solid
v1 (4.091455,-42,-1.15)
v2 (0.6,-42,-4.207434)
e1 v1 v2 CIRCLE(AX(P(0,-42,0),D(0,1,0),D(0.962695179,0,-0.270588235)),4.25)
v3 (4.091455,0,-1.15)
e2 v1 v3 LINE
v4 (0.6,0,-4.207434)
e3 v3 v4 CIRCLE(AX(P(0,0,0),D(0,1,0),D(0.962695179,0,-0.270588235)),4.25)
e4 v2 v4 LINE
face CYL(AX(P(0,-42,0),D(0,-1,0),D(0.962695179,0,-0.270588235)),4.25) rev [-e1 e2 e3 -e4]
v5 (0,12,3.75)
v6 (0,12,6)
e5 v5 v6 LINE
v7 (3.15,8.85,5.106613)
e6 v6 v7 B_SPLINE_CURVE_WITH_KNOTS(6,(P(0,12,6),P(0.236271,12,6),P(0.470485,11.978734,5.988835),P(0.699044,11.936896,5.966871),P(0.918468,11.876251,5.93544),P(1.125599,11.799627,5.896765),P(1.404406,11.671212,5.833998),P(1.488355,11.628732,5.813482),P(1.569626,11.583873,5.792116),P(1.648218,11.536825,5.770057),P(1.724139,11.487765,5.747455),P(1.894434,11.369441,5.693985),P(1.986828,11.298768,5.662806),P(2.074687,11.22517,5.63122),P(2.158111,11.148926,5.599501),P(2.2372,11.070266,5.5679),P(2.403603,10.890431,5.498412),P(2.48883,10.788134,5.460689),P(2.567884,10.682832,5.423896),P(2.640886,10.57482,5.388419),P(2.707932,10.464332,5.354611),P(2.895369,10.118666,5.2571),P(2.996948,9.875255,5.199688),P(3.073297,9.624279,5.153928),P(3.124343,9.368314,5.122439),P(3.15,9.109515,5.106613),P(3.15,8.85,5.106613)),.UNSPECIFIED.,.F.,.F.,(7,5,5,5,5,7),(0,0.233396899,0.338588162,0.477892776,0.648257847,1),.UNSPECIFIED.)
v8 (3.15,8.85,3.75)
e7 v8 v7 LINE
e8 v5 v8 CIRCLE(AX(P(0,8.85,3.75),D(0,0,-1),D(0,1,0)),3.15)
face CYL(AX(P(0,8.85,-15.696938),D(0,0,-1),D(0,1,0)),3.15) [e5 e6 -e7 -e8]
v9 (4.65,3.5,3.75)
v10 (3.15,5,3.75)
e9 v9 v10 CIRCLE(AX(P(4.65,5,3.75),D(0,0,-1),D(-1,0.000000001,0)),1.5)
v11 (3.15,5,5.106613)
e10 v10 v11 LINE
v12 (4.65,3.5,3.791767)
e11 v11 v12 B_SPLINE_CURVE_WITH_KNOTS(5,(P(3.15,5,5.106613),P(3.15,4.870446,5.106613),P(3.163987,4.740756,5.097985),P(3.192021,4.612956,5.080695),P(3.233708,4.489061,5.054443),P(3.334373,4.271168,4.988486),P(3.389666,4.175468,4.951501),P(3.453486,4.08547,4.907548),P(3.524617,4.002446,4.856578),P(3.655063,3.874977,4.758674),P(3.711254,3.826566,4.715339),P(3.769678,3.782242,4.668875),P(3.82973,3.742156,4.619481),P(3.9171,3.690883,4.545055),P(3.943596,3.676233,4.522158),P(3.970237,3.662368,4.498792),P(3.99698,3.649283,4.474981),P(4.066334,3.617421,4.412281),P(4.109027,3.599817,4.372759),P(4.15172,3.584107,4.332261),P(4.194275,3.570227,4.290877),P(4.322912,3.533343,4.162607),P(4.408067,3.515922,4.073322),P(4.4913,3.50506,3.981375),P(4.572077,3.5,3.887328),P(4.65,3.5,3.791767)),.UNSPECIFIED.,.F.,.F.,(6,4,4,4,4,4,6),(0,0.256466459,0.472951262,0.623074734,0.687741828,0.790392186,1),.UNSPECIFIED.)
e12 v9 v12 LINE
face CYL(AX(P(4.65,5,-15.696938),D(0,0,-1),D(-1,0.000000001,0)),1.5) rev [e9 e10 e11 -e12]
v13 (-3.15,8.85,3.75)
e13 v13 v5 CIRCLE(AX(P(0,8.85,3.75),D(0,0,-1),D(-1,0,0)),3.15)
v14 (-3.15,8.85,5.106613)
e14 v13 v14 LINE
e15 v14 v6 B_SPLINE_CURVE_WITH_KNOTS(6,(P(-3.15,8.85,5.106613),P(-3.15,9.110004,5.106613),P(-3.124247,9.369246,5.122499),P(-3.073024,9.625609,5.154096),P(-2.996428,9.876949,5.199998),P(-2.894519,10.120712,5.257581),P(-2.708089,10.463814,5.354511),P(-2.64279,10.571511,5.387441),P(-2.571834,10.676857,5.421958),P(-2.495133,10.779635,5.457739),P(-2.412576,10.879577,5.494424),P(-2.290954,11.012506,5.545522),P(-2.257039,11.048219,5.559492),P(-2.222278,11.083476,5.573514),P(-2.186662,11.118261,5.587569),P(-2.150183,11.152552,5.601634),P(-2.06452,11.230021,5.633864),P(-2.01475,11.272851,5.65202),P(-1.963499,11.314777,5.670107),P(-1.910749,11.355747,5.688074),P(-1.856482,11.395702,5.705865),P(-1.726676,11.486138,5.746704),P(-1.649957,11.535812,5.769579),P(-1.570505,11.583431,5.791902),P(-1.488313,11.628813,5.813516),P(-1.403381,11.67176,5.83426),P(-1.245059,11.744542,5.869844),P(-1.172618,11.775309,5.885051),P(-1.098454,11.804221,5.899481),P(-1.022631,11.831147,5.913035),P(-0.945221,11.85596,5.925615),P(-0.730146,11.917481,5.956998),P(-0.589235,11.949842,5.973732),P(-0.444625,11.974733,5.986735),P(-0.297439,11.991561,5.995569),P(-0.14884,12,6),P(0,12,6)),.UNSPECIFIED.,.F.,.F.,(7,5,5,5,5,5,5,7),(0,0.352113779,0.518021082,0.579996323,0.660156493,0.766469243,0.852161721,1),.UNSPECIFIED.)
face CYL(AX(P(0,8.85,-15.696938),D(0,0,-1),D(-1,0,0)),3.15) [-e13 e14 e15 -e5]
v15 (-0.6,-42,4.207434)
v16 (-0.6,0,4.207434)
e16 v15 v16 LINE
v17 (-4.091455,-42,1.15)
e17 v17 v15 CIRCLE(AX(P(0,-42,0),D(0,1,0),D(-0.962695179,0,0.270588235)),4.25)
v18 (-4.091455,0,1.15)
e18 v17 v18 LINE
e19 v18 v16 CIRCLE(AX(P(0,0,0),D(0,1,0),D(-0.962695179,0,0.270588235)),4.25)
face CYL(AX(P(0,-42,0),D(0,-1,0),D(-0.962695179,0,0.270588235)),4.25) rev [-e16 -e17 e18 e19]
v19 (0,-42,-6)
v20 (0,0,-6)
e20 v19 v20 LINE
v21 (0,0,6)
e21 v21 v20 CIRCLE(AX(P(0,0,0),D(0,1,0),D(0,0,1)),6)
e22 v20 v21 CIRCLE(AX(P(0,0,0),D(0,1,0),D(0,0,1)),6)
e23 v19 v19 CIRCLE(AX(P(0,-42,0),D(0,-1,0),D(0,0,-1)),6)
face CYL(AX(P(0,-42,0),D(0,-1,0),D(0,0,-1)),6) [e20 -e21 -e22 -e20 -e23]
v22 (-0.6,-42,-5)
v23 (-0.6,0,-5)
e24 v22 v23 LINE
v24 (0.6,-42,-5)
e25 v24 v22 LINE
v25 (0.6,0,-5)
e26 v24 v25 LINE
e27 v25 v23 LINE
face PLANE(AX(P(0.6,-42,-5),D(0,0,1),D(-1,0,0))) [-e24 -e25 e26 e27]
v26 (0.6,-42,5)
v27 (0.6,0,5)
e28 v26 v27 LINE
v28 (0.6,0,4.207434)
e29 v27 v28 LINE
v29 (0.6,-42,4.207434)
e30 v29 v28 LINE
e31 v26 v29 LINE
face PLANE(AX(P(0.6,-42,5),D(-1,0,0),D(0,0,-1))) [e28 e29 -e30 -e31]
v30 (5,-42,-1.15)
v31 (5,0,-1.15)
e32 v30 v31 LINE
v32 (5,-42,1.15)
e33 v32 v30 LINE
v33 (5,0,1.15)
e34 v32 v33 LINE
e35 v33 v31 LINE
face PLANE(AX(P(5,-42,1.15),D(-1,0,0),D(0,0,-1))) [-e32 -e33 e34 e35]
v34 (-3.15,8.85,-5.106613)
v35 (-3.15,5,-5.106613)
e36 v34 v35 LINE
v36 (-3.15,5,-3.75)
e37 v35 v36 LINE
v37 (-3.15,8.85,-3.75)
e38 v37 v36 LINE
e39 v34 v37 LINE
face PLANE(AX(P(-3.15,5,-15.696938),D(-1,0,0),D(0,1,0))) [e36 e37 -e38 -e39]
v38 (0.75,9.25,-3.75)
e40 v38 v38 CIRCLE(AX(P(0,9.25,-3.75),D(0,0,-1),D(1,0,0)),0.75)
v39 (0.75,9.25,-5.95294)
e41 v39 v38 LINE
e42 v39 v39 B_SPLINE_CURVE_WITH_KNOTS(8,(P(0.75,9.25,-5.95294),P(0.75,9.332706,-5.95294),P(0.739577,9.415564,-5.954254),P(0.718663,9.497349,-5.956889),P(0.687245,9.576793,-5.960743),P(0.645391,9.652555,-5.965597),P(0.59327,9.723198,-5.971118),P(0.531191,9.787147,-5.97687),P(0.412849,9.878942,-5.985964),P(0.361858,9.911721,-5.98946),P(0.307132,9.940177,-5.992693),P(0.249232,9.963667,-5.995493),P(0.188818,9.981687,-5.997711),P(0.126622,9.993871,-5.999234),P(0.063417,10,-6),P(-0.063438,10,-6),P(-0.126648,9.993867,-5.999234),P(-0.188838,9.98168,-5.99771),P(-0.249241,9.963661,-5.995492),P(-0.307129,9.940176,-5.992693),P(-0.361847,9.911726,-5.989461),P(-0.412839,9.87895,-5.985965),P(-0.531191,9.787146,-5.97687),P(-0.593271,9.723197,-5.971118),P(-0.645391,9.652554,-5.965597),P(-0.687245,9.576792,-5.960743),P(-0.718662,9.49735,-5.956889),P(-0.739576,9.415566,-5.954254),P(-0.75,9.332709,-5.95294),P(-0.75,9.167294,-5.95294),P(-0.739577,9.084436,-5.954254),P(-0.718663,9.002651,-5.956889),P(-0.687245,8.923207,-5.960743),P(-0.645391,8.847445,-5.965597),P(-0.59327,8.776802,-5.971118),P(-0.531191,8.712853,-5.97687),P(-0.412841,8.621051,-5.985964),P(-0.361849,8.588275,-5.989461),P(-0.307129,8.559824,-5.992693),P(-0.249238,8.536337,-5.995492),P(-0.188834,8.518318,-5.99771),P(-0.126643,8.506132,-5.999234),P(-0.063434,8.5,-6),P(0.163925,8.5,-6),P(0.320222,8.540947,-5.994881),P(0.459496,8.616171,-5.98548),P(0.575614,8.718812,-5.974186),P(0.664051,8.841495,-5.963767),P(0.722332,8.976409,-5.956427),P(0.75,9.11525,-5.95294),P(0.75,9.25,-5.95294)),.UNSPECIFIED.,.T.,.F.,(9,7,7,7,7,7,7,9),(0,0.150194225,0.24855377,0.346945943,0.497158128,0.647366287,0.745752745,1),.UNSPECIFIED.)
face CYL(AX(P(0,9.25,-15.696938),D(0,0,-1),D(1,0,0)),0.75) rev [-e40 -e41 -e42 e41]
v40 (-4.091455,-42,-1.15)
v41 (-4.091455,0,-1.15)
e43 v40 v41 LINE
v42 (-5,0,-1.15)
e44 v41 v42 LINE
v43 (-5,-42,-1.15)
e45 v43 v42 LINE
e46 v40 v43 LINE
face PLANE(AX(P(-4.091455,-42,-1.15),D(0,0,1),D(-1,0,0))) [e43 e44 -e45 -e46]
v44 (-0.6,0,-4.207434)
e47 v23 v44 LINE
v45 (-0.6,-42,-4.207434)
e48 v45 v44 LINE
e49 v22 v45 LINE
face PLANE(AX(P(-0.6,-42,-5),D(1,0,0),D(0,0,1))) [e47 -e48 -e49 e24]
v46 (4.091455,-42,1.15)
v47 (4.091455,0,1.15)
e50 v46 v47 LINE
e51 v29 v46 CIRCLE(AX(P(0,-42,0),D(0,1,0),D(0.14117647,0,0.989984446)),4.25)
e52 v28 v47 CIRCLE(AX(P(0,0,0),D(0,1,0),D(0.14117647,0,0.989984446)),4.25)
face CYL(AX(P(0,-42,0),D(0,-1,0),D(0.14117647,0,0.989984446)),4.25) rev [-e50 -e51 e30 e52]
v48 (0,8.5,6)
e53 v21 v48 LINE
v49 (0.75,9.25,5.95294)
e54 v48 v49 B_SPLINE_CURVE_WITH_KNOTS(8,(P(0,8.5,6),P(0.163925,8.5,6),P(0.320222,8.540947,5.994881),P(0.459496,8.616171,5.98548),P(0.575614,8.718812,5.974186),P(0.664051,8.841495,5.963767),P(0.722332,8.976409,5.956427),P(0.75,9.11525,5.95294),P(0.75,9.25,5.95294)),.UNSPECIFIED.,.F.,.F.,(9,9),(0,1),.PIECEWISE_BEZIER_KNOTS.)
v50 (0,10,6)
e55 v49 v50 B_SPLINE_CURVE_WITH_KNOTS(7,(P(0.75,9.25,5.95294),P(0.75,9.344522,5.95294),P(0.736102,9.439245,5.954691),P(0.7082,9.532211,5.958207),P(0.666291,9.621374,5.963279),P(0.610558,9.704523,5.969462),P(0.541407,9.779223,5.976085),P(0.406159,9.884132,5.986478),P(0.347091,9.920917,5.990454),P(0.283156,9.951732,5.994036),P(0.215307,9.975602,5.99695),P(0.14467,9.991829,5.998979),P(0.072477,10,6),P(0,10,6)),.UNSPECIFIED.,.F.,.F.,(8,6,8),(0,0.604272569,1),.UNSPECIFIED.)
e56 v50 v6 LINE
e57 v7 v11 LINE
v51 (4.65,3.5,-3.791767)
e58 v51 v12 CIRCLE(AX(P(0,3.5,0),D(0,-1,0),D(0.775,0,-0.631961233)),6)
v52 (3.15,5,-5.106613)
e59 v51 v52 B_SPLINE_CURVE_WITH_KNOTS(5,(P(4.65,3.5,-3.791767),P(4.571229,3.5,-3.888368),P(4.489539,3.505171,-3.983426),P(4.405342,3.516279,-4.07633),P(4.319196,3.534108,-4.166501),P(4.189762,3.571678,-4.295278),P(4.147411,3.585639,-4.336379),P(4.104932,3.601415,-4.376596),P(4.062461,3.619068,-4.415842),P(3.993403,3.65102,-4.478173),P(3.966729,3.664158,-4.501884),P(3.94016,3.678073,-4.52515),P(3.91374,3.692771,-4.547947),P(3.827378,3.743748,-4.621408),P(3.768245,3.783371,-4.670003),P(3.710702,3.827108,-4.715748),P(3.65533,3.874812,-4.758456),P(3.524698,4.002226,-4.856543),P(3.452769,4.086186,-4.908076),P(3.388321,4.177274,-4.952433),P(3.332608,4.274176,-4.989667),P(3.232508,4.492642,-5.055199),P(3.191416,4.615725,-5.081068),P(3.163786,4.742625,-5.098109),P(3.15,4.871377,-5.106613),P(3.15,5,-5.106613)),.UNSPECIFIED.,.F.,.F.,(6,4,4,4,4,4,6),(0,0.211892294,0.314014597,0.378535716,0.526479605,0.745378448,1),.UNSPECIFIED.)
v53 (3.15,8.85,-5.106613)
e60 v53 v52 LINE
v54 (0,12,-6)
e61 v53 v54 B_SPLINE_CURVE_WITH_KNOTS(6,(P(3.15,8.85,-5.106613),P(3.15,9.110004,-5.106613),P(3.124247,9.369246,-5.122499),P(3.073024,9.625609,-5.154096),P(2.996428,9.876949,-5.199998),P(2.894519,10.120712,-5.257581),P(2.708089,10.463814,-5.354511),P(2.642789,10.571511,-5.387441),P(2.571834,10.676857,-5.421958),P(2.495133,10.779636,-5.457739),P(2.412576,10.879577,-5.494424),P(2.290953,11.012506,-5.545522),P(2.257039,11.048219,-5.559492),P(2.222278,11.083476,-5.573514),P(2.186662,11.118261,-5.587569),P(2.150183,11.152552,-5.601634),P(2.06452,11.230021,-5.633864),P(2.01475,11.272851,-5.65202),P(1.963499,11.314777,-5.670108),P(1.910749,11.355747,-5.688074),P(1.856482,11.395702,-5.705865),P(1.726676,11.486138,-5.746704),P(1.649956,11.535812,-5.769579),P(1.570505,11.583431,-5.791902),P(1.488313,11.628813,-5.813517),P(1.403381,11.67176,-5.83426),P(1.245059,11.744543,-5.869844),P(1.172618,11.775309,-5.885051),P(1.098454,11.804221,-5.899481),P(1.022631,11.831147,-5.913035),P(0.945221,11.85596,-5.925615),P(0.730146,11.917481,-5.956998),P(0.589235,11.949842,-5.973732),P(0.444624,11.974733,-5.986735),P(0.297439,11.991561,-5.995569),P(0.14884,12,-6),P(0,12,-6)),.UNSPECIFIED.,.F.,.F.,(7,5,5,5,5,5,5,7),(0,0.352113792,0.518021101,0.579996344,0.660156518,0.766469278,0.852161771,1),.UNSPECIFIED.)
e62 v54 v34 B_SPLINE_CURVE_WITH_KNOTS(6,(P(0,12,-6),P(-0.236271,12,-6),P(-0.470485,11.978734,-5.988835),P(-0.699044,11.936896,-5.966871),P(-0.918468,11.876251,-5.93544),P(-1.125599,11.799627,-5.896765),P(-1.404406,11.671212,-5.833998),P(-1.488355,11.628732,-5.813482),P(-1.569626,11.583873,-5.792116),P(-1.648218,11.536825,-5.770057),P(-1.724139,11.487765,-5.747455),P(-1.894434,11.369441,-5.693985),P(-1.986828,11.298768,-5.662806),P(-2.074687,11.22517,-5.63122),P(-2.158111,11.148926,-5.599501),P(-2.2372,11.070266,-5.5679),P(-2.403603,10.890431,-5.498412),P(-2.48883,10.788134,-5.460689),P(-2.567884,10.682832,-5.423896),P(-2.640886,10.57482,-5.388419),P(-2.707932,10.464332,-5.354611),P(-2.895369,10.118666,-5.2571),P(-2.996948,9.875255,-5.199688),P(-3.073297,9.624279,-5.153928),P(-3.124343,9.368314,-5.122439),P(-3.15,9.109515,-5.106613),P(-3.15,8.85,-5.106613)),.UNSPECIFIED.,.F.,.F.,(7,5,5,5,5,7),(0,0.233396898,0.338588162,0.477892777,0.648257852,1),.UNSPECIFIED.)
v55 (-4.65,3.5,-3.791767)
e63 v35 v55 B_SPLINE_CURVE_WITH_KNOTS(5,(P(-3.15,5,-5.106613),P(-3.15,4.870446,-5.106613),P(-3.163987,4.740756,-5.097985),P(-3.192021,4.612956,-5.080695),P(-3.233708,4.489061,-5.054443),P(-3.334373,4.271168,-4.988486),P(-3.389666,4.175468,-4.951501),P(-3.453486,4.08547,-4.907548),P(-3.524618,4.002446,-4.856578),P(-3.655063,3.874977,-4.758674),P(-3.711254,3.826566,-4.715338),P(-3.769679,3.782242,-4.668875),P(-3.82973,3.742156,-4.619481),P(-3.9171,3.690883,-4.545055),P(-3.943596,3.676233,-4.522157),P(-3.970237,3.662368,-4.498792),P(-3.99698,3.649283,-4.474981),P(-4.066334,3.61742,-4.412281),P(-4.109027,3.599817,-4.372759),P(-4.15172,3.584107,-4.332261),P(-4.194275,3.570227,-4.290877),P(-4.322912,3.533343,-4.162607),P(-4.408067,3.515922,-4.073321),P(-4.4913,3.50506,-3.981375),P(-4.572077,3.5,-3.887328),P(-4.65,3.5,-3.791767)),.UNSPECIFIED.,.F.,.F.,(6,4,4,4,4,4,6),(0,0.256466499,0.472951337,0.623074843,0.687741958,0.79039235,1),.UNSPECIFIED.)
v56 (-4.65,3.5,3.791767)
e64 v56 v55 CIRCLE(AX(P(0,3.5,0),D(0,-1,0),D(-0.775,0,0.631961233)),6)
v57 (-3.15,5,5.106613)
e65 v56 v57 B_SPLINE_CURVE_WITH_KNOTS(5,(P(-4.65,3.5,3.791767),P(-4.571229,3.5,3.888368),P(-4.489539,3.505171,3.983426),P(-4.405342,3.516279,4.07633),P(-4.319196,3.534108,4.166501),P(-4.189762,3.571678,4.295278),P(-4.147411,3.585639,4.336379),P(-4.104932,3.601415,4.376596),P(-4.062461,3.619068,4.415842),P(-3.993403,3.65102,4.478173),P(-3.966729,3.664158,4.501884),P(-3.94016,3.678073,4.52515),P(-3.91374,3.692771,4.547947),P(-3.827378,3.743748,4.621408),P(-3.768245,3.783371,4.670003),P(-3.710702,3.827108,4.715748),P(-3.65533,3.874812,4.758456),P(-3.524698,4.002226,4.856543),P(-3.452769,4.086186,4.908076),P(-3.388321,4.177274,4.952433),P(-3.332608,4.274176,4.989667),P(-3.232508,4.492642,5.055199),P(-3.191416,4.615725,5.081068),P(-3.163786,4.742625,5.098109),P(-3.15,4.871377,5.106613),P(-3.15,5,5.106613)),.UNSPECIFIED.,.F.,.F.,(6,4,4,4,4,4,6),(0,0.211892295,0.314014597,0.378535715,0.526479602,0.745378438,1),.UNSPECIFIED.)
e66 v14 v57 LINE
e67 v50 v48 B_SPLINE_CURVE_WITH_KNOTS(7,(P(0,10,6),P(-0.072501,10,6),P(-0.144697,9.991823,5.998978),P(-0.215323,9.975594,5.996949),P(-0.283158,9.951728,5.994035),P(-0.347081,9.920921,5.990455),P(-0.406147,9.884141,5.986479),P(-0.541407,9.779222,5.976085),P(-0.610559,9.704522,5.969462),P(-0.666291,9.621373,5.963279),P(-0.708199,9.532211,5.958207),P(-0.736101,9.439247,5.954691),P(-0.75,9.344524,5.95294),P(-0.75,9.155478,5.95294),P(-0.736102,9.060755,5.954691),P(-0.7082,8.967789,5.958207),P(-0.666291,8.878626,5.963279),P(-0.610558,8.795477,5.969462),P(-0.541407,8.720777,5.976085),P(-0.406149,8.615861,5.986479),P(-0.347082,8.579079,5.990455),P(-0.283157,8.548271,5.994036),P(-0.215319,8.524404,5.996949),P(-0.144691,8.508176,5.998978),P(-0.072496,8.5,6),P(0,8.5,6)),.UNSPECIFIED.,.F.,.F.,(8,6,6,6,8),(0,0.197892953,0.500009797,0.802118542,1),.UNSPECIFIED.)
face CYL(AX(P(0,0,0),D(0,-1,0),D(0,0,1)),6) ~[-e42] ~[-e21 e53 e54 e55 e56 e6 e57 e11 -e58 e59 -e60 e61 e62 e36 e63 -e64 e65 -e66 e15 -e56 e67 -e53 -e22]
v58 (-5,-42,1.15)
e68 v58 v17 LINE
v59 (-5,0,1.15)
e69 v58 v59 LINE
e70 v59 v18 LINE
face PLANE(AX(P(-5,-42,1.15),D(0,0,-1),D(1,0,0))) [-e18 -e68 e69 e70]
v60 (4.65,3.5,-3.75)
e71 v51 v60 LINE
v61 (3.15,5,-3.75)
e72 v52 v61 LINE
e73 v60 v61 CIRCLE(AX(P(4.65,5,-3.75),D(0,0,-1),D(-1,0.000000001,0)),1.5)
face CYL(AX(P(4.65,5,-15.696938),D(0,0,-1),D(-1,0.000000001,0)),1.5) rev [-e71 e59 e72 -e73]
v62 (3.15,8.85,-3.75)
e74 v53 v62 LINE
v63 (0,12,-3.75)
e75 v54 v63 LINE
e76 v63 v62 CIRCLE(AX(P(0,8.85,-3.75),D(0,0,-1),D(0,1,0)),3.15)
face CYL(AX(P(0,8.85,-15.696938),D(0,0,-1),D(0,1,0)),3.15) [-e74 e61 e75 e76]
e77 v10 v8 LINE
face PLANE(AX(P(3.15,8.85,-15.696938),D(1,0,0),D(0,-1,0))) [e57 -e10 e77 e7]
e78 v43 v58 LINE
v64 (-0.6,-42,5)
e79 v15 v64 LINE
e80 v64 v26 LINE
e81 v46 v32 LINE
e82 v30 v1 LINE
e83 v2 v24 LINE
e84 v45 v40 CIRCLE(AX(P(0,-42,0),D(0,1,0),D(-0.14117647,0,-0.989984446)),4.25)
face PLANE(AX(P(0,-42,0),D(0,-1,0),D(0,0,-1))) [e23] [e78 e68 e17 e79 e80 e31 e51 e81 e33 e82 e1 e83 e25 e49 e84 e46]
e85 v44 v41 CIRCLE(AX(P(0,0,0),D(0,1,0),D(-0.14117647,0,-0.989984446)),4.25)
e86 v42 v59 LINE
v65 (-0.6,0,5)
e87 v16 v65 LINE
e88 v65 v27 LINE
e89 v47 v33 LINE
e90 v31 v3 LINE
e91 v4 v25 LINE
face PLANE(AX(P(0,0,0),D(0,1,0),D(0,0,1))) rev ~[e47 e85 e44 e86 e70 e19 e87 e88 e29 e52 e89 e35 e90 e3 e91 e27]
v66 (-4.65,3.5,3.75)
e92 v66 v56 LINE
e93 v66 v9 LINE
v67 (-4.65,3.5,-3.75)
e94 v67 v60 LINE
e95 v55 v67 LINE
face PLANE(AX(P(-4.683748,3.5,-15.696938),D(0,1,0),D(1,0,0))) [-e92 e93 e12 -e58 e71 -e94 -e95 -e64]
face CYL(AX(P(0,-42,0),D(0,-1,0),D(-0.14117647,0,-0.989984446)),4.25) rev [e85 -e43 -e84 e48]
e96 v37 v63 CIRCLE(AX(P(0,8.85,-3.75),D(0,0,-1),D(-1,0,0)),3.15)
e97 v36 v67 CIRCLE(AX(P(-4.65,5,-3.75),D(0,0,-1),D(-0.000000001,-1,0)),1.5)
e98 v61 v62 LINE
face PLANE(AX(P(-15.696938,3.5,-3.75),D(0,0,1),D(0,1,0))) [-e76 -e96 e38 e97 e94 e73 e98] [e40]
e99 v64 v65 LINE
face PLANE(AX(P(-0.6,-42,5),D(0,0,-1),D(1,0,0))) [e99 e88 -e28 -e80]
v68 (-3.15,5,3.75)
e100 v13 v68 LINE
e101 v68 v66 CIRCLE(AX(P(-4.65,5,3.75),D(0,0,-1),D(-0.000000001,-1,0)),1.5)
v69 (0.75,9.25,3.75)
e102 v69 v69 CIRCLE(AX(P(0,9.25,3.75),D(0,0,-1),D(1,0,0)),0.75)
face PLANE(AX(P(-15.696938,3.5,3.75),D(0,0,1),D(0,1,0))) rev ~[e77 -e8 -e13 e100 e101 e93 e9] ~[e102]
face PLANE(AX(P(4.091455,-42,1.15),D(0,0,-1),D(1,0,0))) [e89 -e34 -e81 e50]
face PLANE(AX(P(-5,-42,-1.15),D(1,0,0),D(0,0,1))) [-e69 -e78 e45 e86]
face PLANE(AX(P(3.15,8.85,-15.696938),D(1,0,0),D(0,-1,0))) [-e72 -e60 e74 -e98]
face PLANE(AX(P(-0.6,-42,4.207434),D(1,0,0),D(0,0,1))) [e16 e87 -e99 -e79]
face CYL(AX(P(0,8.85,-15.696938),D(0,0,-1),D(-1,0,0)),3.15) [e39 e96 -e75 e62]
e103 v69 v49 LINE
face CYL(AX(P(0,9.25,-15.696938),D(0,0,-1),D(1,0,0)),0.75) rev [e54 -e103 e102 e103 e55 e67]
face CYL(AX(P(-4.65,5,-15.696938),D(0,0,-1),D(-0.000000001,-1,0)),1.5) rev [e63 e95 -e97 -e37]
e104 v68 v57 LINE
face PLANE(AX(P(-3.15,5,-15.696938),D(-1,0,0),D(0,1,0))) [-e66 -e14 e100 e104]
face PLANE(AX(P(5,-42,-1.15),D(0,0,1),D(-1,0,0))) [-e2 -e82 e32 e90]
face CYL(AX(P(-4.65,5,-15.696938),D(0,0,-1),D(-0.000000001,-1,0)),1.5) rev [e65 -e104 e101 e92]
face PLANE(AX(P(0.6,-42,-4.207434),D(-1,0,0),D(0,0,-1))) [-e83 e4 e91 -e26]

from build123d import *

# Parameters (mm, degrees)
SKETCH1_R               = 6
BOSS_EXTRUDE1_DEPTH     = 12
CUT_EXTRUDE1_DEPTH      = 15.696938457
CUT_EXTRUDE1_DEPTH_BACK = 15.696938457
SKETCH2_W               = 7.5
SKETCH2_H               = 8.5
CUT_EXTRUDE2_DEPTH      = 15.696938457
CUT_EXTRUDE2_DEPTH_BACK = 15.696938457
SKETCH3_R               = 0.75
BOSS_EXTRUDE2_START     = 42
SKETCH4_R               = 6
BOSS_EXTRUDE2_DEPTH     = 42


with BuildPart() as part:
    # Sketch1 → Boss-Extrude1 (new body)
    with BuildSketch(Plane(origin=(0, 0, 0), x_dir=(1, 0, 0), z_dir=(0, 1, 0))):
        with Locations(Location((0, 0, 0), (0, 0, 270))):
            Circle(SKETCH1_R)
    extrude(amount=BOSS_EXTRUDE1_DEPTH)

    # Sketch2 → Cut-Extrude1 (cut, two sides: drawn at the far end of the back side and taken through both)
    with BuildSketch(Plane(origin=(0, 0, 0), x_dir=(0, 0, -1), z_dir=(1, 0, 0)).offset(-CUT_EXTRUDE1_DEPTH_BACK)):
        with Locations((0, 7.75)):
            Rectangle(SKETCH2_W, SKETCH2_H)
    extrude(amount=CUT_EXTRUDE1_DEPTH + CUT_EXTRUDE1_DEPTH_BACK, mode=Mode.SUBTRACT)

    # Sketch3 → Cut-Extrude2 (cut, two sides: drawn at the far end of the back side and taken through both)
    with BuildSketch(Plane.XY.offset(-CUT_EXTRUDE2_DEPTH_BACK)):
        with BuildLine():
            Line((-3.15, 5), (-3.15, 8.85))
            ThreePointArc((-3.15, 8.85), (-2.227386361, 11.077386361), (0, 12))
            Line((0, 12), (-4.683748499, 12))
            Line((-4.683748499, 12), (-4.683748499, 3.5))
            Line((-4.683748499, 3.5), (-4.65, 3.5))
            ThreePointArc((-4.65, 3.5), (-3.589339828, 3.939339828), (-3.15, 5))
        make_face()
        with BuildLine():
            Line((4.683748499, 12), (0, 12))
            ThreePointArc((0, 12), (2.227386361, 11.077386361), (3.15, 8.85))
            Line((3.15, 8.85), (3.15, 5))
            ThreePointArc((3.15, 5), (3.589339828, 3.939339828), (4.65, 3.5))
            Line((4.65, 3.5), (4.683748499, 3.5))
            Line((4.683748499, 3.5), (4.683748499, 12))
        make_face()
        with Locations((0, 9.25)):
            Circle(SKETCH3_R)
    extrude(amount=CUT_EXTRUDE2_DEPTH + CUT_EXTRUDE2_DEPTH_BACK, mode=Mode.SUBTRACT)

    # Sketch4 → Boss-Extrude2 (add)
    with BuildSketch(Plane.XZ.offset(BOSS_EXTRUDE2_START)):
        with Locations(Location((0, 0, 0), (0, 0, 270))):
            Circle(SKETCH4_R)
        with BuildLine():
            Line((-0.6, 4.207433897), (-0.6, 5))
            Line((-0.6, 5), (0.6, 5))
            Line((0.6, 5), (0.6, 4.207433897))
            ThreePointArc((0.6, 4.207433897), (2.799894973, 3.19735643), (4.091454509, 1.15))
            Line((4.091454509, 1.15), (5, 1.15))
            Line((5, 1.15), (5, -1.15))
            Line((5, -1.15), (4.091454509, -1.15))
            ThreePointArc((4.091454509, -1.15), (2.799894973, -3.19735643), (0.6, -4.207433897))
            Line((0.6, -4.207433897), (0.6, -5))
            Line((0.6, -5), (-0.6, -5))
            Line((-0.6, -5), (-0.6, -4.207433897))
            ThreePointArc((-0.6, -4.207433897), (-2.799894973, -3.19735643), (-4.091454509, -1.15))
            Line((-4.091454509, -1.15), (-5, -1.15))
            Line((-5, -1.15), (-5, 1.15))
            Line((-5, 1.15), (-4.091454509, 1.15))
            ThreePointArc((-4.091454509, 1.15), (-2.799894973, 3.19735643), (-0.6, 4.207433897))
        make_face(mode=Mode.SUBTRACT)
    extrude(amount=-BOSS_EXTRUDE2_DEPTH)


solid = part.part
